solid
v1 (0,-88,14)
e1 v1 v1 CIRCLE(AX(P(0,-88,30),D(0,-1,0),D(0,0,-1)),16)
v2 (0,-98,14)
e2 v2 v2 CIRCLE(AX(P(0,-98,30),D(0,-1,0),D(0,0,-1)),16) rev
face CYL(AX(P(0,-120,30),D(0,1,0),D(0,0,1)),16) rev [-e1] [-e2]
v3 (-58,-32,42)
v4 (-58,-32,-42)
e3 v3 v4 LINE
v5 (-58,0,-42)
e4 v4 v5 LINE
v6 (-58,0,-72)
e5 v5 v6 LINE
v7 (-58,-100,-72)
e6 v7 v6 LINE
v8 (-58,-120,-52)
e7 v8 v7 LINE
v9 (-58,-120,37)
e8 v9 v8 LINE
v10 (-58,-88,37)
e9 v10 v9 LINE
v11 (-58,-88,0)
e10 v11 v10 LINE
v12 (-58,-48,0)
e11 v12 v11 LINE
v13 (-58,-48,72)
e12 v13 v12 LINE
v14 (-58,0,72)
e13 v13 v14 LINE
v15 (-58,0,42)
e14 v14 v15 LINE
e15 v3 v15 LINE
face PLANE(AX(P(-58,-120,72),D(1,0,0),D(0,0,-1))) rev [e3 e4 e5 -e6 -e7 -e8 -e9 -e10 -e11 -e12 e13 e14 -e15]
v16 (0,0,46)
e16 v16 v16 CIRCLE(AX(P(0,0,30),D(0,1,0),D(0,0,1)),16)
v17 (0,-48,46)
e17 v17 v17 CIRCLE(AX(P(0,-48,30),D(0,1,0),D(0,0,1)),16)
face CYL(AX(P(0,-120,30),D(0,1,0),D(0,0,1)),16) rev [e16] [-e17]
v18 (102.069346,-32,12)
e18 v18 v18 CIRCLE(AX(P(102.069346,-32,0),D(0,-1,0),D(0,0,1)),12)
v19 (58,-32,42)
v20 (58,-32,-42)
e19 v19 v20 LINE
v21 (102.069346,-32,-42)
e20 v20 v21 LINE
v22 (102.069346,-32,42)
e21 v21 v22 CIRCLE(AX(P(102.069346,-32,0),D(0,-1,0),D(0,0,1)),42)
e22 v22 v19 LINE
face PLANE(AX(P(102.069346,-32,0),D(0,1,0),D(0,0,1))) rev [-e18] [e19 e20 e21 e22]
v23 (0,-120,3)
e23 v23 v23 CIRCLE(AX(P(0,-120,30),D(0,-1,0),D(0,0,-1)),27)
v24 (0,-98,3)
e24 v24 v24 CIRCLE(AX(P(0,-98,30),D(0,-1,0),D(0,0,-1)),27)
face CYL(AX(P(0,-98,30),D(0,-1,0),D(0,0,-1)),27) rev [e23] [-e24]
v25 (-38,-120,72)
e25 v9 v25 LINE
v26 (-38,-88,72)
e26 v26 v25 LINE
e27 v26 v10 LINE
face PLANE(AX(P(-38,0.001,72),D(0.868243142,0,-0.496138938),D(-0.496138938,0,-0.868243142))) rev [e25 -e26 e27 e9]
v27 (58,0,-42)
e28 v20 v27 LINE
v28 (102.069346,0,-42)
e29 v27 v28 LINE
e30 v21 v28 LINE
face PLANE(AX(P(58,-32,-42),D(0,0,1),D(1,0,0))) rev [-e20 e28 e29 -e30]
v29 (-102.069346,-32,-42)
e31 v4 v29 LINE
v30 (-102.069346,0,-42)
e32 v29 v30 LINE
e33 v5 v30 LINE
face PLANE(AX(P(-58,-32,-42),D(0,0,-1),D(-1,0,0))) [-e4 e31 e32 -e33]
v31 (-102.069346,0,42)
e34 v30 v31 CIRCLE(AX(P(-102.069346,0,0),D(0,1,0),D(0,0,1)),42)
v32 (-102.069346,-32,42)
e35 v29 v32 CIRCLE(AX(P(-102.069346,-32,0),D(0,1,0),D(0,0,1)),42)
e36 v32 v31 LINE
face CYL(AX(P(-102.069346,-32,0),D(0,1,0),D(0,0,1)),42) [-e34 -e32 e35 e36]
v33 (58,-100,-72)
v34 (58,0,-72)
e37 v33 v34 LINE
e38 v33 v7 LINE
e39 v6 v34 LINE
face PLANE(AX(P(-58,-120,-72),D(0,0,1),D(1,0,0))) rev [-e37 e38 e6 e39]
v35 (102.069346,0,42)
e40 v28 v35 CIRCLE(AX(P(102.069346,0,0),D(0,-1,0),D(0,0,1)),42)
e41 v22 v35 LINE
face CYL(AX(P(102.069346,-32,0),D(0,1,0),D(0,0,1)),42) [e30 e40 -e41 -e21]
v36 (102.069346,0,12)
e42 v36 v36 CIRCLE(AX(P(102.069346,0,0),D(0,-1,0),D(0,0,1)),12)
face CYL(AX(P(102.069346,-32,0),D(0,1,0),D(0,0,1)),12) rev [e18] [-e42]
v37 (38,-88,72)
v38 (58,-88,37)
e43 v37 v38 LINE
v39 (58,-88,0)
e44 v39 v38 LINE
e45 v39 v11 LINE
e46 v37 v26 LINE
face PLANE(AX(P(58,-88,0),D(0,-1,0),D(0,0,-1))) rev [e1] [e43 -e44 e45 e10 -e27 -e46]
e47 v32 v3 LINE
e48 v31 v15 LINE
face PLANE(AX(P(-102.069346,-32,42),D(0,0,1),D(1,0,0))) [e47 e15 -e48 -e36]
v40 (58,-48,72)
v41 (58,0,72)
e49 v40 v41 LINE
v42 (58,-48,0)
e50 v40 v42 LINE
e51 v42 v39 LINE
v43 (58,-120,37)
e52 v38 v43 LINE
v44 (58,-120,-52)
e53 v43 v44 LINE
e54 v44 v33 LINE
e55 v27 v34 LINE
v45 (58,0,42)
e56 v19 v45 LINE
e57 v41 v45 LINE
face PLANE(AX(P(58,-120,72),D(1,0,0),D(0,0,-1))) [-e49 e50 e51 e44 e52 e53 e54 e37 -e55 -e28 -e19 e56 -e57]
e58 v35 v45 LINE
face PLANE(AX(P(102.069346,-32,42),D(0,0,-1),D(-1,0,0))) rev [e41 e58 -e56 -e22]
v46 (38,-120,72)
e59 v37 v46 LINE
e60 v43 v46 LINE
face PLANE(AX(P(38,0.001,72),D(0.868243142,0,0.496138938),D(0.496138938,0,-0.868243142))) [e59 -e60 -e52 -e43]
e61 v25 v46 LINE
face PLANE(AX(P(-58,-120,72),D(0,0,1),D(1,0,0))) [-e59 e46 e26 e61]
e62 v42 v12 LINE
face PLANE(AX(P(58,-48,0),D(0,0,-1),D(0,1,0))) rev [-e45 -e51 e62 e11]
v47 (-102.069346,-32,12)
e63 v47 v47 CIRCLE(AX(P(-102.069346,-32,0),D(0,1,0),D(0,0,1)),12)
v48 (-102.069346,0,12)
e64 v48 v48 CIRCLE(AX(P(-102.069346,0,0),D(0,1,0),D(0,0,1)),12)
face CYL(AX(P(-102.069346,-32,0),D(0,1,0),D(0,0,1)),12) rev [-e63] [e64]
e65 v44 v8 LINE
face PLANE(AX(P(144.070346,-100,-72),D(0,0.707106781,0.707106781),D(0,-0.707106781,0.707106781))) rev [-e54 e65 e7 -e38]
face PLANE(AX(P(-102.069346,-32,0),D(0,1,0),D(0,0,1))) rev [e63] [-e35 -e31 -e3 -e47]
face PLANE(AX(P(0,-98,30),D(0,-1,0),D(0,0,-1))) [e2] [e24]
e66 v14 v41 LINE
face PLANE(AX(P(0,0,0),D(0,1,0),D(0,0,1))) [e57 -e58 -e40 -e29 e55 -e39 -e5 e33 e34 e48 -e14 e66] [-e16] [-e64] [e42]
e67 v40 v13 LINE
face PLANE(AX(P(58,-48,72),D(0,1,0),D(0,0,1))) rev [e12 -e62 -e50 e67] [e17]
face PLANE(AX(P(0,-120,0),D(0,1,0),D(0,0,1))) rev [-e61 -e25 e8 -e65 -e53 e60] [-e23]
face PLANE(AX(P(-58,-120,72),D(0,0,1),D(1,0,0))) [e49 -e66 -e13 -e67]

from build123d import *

# Parameters (mm, degrees)
SKETCH_1_W          = 116
SKETCH_1_H          = 144
EXTRUDE_1_DEPTH     = 120
SKETCH_2_R          = 12
EXTRUDE_3_DEPTH     = 32
SKETCH_6_W          = 72
SKETCH_6_H          = 40
CUT_EXTRUDE_1_DEPTH = 182.76908428
CUT_EXTRUDE_3_REACH = 202.848
CUT_EXTRUDE_4_REACH = 247.797
SKETCH_10_R         = 16
CUT_EXTRUDE_5_DEPTH = 201.848142751
SKETCH_11_R         = 27
CUT_EXTRUDE_6_DEPTH = 22


with BuildPart() as part:
    # 草图1 → 凸台-拉伸1 (new body)
    with BuildSketch(Plane(origin=(0, 0, 0), x_dir=(1, 0, 0), z_dir=(0, 1, 0))):
        Rectangle(SKETCH_1_W, SKETCH_1_H)
    extrude(amount=-EXTRUDE_1_DEPTH)

    # 草图2 → 凸台-拉伸3 (add)
    with BuildSketch(Plane(origin=(0, 0, 0), x_dir=(1, 0, 0), z_dir=(0, 1, 0))):
        with BuildLine():
            Line((-58, 42), (-102.069345964, 42))
            ThreePointArc((-102.069345964, 42), (-144.069345964, 0), (-102.069345964, -42))
            Line((-102.069345964, -42), (-58, -42))
            Line((-58, -42), (-58, 42))
        make_face()
        with Locations(Location((-102.069345964, 0, 0), (0, 0, 270))):
            Circle(SKETCH_2_R, mode=Mode.SUBTRACT)
    extrude_3 = extrude(amount=-EXTRUDE_3_DEPTH)

    # 草图6 → 切除-拉伸1 (cut, through all)
    with BuildSketch(Plane.ZY.offset(58)):
        with Locations((36, -68)):
            Rectangle(SKETCH_6_W, SKETCH_6_H)
    extrude(amount=-CUT_EXTRUDE_1_DEPTH, mode=Mode.SUBTRACT)

    # 草图8 → 切除-拉伸3 (cut, up to next)
    with BuildSketch(Plane.XZ.offset(120), mode=Mode.PRIVATE) as cut_extrude_3_sk1:
        Polygon((-38, 72), (-58, 37), (-58, 72), align=None)
    cut_extrude_3_tool1 = extrude(cut_extrude_3_sk1.sketch, amount=-CUT_EXTRUDE_3_REACH, mode=Mode.PRIVATE) & part.part
    cut_extrude_3 = cut_extrude_3_tool1.solids().sort_by_distance((-51.333333, -120, 60.333333))[0]
    add(cut_extrude_3, mode=Mode.SUBTRACT)

    # 镜向1: 凸台-拉伸3, 切除-拉伸3 across plane
    add(extrude_3.mirror(Plane(origin=(0, 0, 0), x_dir=(0, 0, 1), z_dir=(1, 0, 0))))
    add(cut_extrude_3.mirror(Plane(origin=(0, 0, 0), x_dir=(0, 0, 1), z_dir=(1, 0, 0))), mode=Mode.SUBTRACT)

    # 草图9 → 切除-拉伸4 (cut, up to next)
    with BuildSketch(Plane.ZY.offset(58), mode=Mode.PRIVATE) as cut_extrude_4_sk1:
        Polygon((-72, -100), (-52, -120), (-72, -120), align=None)
    cut_extrude_4_tool1 = extrude(cut_extrude_4_sk1.sketch, amount=-CUT_EXTRUDE_4_REACH, mode=Mode.PRIVATE) & part.part
    add(cut_extrude_4_tool1.solids().sort_by_distance((-58, -113.333333, -65.333333))[0], mode=Mode.SUBTRACT)

    # 草图10 → 切除-拉伸5 (cut, through all)
    with BuildSketch(Plane(origin=(0, 0, 0), x_dir=(1, 0, 0), z_dir=(0, 1, 0))):
        with Locations(Location((0, -30, 0), (0, 0, 270))):
            Circle(SKETCH_10_R)
    extrude(amount=-CUT_EXTRUDE_5_DEPTH, mode=Mode.SUBTRACT)

    # 草图11 → 切除-拉伸6 (cut)
    with BuildSketch(Plane.XZ.offset(120)):
        with Locations(Location((0, 30, 0), (0, 0, 270))):
            Circle(SKETCH_11_R)
    extrude(amount=-CUT_EXTRUDE_6_DEPTH, mode=Mode.SUBTRACT)


solid = part.part
